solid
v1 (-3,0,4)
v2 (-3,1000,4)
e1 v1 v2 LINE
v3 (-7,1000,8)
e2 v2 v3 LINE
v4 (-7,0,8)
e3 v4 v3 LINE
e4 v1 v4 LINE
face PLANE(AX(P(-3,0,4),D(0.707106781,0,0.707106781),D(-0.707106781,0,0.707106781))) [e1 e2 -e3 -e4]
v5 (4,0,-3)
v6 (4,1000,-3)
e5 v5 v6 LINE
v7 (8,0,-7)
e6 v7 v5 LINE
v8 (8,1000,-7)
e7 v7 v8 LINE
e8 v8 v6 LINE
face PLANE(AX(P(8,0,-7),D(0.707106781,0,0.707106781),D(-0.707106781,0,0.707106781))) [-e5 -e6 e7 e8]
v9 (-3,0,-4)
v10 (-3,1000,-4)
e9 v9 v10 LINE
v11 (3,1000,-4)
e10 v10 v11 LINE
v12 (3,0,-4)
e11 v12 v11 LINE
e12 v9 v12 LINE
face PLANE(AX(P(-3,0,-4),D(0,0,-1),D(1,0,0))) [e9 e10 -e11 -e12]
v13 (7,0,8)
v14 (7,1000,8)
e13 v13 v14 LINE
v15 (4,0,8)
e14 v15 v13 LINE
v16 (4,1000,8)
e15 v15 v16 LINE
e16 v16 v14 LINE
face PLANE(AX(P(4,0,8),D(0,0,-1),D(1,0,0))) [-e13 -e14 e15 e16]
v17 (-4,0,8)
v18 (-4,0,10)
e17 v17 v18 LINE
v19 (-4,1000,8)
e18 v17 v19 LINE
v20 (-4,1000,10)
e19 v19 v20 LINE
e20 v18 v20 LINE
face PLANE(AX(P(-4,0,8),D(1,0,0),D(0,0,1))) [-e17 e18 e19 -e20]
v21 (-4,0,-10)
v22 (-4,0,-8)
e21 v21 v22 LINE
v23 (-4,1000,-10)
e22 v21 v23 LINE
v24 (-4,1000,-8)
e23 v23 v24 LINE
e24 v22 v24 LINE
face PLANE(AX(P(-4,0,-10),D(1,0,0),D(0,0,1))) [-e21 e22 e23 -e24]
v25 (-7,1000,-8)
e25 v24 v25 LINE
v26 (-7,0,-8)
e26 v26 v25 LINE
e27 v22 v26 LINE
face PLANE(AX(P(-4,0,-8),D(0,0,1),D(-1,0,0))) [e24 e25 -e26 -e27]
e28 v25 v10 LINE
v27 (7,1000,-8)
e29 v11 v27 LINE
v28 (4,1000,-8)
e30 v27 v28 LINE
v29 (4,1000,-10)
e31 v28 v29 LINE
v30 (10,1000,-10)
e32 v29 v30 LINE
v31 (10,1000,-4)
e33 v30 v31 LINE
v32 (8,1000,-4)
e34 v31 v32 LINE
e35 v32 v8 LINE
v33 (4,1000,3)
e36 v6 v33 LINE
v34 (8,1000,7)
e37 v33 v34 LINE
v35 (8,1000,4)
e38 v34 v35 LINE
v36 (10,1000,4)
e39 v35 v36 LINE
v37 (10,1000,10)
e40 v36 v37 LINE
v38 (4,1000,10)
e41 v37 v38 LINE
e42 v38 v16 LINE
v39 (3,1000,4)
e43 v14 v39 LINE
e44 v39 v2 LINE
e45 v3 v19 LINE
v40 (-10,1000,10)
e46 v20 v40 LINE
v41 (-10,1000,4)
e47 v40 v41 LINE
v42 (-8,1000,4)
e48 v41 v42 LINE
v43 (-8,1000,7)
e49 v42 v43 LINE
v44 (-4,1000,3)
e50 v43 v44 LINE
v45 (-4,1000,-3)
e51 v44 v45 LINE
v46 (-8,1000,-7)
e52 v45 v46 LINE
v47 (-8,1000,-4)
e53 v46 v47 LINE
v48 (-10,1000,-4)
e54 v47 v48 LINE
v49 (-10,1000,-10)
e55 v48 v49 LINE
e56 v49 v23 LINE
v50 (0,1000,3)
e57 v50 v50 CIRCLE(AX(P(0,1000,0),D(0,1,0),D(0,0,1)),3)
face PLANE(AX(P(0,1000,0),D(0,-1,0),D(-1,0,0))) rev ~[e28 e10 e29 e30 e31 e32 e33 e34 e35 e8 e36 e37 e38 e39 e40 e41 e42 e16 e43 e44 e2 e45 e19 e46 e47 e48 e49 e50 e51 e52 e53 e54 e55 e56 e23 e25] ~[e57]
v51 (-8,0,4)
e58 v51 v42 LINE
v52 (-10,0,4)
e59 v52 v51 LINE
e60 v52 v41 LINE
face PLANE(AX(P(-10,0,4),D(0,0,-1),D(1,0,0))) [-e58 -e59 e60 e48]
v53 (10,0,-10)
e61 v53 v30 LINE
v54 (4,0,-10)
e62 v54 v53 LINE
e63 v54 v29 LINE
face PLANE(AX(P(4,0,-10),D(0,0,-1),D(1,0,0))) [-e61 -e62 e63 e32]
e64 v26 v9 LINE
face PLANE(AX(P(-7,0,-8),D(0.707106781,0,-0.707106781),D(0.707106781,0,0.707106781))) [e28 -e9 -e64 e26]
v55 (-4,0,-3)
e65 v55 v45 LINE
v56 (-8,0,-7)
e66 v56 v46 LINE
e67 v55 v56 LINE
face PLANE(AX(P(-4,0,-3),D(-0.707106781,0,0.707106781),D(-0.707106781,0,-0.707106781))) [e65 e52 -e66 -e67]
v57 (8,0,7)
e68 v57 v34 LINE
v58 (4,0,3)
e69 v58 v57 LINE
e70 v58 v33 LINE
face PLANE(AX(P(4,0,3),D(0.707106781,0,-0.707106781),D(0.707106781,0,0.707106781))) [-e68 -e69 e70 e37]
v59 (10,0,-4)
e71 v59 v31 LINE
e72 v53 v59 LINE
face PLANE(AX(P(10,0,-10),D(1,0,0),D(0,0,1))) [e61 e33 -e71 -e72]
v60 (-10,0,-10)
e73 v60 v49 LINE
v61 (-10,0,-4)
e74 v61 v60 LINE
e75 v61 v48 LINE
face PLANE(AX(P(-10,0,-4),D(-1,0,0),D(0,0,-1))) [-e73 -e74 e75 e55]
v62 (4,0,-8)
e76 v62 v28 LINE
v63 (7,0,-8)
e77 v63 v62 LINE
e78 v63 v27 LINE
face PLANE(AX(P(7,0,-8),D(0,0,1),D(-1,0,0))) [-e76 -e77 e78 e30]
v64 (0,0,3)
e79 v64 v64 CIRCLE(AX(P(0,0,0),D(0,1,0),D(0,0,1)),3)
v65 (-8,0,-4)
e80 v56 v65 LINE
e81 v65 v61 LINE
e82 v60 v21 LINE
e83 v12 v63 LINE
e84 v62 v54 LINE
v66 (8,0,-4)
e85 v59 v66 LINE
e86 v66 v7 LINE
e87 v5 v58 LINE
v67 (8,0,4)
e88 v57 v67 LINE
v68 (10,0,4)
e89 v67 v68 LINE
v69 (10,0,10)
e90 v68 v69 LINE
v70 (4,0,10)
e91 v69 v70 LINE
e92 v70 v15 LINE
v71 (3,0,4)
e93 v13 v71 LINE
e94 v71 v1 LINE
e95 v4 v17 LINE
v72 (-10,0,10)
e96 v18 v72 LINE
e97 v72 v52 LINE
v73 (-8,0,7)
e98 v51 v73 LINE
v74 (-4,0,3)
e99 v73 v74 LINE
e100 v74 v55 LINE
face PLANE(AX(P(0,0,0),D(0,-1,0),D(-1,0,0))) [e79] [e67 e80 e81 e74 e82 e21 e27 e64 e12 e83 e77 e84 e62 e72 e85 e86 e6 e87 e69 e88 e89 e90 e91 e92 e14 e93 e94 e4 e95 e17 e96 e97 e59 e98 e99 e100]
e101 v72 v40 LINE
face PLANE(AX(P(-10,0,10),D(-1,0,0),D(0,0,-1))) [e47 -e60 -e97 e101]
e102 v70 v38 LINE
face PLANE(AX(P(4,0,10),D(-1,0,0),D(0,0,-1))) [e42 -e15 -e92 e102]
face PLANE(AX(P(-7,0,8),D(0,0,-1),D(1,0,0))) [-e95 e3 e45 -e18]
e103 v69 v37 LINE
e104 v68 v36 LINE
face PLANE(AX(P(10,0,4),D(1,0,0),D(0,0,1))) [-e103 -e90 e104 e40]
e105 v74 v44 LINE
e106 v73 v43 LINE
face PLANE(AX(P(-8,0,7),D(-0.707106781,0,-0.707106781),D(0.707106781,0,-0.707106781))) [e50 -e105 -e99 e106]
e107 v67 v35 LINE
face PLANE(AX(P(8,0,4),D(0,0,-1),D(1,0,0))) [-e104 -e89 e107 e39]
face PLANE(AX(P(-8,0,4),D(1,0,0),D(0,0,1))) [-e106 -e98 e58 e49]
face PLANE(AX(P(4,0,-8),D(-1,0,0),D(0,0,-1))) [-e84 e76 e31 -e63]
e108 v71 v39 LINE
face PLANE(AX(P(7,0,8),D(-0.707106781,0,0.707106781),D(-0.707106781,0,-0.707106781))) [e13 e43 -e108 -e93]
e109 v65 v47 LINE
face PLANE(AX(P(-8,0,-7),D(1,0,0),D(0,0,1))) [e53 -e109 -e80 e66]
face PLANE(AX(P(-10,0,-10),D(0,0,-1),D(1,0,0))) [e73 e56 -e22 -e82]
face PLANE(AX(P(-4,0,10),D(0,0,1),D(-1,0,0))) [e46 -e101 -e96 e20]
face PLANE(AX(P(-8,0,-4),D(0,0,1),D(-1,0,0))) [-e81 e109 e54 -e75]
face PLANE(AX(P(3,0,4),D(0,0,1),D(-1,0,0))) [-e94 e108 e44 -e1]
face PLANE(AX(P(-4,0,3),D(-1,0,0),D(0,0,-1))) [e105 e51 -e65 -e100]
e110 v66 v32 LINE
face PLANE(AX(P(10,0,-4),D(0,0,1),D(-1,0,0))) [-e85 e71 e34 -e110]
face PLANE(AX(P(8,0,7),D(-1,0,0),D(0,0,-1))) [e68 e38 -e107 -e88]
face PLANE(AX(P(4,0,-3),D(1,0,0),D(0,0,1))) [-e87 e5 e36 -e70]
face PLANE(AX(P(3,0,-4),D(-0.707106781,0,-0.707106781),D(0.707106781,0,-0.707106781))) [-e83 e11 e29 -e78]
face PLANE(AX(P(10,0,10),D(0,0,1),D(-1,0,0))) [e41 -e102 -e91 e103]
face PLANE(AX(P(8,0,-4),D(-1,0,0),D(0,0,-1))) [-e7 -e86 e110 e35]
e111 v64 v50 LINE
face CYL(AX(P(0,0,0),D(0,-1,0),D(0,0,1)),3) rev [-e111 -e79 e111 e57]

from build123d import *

# Parameters (mm, degrees)
F_2020_SKETCH_R     = 3
BOSS_EXTRUDE1_DEPTH = 1000


with BuildPart() as part:
    # 2020 sketch → Boss-Extrude1 (new body)
    with BuildSketch(Plane(origin=(0, 0, 0), x_dir=(1, 0, 0), z_dir=(0, 1, 0))):
        Polygon((-4, 10), (-4, 8), (-7, 8), (-3, 4), (3, 4), (7, 8), (4, 8), (4, 10), (10, 10), (10, 4), (8, 4), (8, 7), (4, 3), (4, -3), (8, -7), (8, -4), (10, -4), (10, -10), (4, -10), (4, -8), (7, -8), (3, -4), (-3, -4), (-7, -8), (-4, -8), (-4, -10), (-10, -10), (-10, -4), (-8, -4), (-8, -7), (-4, -3), (-4, 3), (-8, 7), (-8, 4), (-10, 4), (-10, 10), align=None)
        with Locations(Location((0, 0, 0), (0, 0, 270))):
            Circle(F_2020_SKETCH_R, mode=Mode.SUBTRACT)
    extrude(amount=BOSS_EXTRUDE1_DEPTH)


solid = part.part
